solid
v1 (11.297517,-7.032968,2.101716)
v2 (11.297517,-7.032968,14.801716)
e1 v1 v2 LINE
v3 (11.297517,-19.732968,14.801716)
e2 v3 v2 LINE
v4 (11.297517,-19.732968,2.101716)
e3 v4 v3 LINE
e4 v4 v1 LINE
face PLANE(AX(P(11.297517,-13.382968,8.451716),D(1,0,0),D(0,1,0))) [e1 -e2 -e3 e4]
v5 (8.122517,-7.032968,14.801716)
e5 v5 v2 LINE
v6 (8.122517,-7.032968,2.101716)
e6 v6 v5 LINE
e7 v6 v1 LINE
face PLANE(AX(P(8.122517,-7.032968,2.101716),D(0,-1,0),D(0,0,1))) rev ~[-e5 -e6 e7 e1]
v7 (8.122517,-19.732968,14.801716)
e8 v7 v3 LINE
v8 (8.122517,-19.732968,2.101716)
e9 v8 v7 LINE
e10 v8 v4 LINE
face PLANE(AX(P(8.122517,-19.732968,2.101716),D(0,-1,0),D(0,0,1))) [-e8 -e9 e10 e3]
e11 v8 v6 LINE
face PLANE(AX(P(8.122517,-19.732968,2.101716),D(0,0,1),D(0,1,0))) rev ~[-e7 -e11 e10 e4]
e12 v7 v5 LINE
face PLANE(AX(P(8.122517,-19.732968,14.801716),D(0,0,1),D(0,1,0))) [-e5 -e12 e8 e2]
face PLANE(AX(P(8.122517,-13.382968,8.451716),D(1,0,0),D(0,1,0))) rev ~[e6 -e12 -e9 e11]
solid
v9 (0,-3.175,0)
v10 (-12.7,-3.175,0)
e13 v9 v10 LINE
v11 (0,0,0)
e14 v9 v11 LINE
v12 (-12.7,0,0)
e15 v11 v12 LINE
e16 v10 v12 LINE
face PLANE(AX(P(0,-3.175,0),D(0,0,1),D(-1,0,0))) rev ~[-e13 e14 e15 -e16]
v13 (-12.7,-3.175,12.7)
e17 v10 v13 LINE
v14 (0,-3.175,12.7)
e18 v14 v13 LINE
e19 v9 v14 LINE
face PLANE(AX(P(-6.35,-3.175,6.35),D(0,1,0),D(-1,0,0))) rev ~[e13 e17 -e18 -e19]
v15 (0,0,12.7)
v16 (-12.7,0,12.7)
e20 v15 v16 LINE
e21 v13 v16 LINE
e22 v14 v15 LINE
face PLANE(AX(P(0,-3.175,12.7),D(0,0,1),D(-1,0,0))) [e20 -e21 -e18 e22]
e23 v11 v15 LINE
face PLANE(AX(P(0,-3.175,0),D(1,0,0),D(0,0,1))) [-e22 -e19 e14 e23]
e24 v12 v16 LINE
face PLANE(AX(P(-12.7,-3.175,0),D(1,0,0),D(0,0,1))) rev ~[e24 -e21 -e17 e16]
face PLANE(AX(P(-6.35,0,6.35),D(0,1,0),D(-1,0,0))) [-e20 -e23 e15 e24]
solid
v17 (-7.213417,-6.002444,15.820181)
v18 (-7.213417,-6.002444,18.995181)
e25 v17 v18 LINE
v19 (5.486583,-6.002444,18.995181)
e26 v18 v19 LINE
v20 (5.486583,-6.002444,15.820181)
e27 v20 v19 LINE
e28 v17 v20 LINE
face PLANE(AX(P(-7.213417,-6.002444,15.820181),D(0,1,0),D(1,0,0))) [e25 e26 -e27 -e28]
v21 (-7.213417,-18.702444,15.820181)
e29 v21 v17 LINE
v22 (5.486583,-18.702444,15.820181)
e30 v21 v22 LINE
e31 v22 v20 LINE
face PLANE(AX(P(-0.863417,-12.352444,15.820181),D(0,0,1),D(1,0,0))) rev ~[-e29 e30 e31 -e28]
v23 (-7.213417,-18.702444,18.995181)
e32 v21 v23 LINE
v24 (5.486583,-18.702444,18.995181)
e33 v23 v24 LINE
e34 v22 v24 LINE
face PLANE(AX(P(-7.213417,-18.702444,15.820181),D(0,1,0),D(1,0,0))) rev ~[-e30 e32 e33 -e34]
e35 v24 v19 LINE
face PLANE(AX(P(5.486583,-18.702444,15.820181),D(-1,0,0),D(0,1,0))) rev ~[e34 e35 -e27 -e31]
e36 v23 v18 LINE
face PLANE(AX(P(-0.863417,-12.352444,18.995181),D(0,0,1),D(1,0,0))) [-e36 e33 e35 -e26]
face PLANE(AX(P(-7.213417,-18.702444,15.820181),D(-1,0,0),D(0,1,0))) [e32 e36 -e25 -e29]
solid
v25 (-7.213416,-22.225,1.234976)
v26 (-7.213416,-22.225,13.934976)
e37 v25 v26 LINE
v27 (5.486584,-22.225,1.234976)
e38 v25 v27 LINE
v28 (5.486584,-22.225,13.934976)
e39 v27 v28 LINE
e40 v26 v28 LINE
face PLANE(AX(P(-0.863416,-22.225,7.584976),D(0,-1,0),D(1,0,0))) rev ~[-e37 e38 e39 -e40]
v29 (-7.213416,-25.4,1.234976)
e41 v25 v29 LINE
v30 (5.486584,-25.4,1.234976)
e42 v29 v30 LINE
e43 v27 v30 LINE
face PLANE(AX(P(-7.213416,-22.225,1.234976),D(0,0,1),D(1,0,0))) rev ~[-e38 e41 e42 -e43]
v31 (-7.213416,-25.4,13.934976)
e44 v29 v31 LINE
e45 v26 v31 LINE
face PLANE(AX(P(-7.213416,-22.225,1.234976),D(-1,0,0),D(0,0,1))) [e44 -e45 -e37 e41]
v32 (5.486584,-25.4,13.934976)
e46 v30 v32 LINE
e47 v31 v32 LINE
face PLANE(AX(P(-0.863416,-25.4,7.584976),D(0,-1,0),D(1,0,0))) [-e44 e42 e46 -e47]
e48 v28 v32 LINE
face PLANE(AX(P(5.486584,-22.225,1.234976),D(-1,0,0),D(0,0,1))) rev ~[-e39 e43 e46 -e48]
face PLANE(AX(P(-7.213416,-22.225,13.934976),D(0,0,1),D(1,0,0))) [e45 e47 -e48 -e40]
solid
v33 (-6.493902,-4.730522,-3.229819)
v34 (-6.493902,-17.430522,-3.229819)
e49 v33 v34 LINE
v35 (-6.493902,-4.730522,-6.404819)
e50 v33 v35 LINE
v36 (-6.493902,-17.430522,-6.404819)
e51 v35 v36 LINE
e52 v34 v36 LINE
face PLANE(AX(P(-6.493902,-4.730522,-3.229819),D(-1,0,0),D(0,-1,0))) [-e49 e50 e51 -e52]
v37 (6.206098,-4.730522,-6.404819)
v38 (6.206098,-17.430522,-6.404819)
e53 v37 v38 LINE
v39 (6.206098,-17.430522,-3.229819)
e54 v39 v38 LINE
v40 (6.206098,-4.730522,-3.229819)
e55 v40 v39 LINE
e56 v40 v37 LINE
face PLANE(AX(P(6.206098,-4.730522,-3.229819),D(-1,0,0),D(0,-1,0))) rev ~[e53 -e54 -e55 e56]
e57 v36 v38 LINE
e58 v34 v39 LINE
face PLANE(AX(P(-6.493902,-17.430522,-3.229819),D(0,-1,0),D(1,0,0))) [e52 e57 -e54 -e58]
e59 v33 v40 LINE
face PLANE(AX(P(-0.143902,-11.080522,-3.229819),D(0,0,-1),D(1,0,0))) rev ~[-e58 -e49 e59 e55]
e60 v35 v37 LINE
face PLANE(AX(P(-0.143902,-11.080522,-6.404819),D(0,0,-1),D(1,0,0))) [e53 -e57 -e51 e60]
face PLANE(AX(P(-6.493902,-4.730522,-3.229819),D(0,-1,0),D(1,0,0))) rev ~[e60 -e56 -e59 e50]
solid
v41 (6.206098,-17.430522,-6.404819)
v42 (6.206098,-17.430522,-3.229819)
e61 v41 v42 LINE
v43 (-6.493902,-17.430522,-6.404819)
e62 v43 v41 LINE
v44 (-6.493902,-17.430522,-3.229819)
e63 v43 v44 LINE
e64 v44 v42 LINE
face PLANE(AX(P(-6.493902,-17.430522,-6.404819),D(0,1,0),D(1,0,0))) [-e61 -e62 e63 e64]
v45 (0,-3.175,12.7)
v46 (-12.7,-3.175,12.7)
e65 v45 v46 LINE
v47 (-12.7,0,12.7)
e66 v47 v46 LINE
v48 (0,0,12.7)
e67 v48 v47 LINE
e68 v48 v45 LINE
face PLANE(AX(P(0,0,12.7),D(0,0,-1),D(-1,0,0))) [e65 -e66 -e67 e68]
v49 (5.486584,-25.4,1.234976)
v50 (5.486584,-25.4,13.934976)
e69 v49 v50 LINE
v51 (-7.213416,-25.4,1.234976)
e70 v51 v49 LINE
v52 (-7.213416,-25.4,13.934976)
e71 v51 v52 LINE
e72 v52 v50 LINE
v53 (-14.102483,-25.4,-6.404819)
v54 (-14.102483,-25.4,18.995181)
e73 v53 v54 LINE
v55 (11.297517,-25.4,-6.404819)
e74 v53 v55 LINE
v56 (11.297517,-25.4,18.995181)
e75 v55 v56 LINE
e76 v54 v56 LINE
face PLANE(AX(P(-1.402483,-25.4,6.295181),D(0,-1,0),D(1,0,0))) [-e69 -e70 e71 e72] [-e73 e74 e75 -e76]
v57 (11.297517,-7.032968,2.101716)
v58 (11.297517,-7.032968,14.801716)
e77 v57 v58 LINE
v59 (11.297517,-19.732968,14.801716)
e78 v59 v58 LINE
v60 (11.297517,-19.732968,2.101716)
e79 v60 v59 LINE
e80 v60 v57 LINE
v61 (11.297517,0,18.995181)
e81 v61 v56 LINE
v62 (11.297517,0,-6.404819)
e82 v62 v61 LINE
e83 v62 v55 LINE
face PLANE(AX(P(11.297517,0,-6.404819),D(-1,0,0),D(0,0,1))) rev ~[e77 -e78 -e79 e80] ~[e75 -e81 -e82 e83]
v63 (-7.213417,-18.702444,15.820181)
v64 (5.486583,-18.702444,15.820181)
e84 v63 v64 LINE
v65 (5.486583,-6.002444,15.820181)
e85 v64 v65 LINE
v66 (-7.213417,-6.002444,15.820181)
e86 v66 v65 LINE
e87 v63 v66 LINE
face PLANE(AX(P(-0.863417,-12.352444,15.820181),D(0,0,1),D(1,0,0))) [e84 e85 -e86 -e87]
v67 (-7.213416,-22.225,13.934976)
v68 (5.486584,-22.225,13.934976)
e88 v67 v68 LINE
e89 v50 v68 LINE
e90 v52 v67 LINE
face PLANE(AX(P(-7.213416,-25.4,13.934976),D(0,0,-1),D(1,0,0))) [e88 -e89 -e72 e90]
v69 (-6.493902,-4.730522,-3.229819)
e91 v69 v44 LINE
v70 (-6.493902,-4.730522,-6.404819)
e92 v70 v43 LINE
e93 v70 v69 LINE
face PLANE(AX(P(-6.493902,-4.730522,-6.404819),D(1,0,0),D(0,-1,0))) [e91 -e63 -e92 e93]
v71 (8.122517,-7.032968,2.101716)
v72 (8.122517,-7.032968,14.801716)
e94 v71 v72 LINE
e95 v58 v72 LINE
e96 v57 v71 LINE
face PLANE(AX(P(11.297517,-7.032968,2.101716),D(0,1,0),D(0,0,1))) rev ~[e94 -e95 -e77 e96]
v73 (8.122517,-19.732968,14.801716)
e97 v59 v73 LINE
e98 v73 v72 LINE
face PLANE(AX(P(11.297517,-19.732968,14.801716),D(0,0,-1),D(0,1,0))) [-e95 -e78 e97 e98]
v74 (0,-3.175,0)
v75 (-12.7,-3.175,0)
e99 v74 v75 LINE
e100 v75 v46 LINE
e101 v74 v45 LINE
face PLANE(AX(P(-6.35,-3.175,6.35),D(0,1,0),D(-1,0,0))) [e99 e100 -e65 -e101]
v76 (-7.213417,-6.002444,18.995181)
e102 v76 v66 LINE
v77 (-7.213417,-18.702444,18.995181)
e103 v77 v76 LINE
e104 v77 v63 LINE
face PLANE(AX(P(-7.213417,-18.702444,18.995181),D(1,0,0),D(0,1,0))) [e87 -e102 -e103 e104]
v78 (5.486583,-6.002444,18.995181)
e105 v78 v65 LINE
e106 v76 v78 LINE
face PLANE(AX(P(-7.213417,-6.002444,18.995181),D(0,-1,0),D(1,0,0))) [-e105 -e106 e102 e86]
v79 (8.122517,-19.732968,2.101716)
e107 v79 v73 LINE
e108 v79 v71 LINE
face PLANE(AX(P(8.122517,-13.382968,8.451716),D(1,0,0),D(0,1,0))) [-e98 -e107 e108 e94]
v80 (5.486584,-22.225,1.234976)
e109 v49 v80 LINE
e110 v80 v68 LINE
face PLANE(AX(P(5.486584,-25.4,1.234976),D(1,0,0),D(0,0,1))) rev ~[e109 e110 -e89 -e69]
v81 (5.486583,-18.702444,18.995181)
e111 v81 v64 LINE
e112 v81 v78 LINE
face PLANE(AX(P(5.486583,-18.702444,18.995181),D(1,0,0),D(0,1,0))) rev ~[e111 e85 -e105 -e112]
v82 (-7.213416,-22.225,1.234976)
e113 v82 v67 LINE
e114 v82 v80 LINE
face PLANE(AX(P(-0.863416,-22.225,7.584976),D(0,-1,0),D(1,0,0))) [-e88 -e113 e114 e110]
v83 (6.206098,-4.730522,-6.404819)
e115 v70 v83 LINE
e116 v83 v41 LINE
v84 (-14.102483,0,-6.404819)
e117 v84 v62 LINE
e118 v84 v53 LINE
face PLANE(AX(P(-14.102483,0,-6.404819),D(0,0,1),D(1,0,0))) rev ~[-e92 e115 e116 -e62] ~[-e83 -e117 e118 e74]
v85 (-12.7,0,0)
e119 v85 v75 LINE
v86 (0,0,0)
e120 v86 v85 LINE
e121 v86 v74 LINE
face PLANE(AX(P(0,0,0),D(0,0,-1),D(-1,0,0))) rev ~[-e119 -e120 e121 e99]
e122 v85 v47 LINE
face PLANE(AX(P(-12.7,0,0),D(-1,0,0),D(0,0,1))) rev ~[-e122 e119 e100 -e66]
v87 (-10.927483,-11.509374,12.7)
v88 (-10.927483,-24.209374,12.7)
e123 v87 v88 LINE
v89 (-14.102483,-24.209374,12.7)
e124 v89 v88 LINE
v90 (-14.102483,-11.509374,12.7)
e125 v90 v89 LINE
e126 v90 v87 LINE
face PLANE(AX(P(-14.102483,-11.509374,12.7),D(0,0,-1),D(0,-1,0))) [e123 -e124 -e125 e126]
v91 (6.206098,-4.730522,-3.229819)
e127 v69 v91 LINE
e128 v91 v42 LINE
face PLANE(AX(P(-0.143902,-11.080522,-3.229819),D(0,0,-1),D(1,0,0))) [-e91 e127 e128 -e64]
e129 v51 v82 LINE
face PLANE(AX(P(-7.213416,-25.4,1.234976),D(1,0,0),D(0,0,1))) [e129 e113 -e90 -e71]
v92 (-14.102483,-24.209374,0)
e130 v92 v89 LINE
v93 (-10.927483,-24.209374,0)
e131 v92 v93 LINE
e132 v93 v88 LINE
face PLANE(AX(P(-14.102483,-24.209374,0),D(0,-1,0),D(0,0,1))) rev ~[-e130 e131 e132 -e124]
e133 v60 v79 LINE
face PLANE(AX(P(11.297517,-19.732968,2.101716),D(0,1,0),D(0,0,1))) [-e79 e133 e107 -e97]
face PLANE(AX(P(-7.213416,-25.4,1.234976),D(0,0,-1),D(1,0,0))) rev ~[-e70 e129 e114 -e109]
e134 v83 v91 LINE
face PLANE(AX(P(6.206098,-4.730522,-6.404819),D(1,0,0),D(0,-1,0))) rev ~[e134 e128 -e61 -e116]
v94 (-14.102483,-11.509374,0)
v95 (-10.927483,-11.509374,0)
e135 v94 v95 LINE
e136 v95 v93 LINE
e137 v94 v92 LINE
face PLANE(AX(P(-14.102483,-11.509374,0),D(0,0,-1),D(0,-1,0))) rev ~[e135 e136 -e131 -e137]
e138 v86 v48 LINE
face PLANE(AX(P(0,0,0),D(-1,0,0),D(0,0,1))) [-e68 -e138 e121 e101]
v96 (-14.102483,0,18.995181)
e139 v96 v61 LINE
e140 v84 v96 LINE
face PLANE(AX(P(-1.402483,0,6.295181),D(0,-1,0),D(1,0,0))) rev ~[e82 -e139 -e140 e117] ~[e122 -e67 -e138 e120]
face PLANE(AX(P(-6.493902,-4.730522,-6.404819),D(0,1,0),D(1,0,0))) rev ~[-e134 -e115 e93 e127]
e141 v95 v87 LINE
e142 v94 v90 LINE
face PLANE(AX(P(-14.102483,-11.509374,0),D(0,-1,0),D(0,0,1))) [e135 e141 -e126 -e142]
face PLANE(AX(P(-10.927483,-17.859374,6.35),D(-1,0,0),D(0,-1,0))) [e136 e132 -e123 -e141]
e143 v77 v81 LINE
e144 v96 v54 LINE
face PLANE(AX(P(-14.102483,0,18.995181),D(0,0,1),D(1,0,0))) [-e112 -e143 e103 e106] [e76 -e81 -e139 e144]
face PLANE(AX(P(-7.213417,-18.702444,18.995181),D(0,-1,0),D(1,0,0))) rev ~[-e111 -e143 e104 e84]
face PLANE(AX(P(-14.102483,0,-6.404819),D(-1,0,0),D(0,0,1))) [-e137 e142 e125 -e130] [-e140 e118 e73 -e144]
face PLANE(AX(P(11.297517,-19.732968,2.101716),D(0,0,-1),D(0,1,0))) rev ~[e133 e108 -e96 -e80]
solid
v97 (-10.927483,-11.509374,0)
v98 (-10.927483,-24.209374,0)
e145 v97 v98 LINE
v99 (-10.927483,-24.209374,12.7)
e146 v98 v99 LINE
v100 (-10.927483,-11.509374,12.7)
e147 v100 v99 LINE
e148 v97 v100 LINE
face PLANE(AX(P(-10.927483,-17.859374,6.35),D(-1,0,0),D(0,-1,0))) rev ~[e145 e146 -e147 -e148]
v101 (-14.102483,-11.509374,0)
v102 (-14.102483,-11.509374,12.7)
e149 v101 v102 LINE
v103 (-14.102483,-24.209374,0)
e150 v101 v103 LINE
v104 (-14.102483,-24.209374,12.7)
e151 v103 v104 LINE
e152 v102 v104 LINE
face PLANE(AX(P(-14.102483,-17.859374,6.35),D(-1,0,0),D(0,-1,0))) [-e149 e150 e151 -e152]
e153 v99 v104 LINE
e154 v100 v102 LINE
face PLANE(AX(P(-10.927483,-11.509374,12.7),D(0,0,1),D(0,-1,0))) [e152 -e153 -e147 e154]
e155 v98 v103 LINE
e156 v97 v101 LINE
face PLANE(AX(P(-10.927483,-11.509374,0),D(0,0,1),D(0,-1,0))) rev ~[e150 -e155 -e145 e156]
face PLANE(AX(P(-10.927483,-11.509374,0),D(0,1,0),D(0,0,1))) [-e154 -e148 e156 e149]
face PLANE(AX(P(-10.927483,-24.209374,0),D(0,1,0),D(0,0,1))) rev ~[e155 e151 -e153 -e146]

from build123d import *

# Parameters (mm, degrees)
F0_W      = 25.4
F0_H      = 25.4
F1_DEPTH  = 25.4
F2_W      = 12.7
F2_H      = 12.7
F3_DEPTH  = 3.175
F4_W      = 12.7
F4_H      = 12.7000006628
F5_DEPTH  = 3.175
F6_W      = 12.7
F6_H      = 12.7
F7_DEPTH  = 3.175
F8_W      = 12.7
F8_H      = 12.7
F9_DEPTH  = 3.175
F10_W     = 12.7
F10_H     = 12.7
F11_DEPTH = 3.175
F12_W     = 12.7
F12_H     = 12.7
F13_DEPTH = 3.175
F14_W     = 12.7
F14_H     = 12.7
F15_DEPTH = 3.175
F16_W     = 12.7
F16_H     = 12.7
F17_DEPTH = 3.175
F18_W     = 12.7
F18_H     = 12.7
F19_DEPTH = 3.175
F20_W     = 12.7
F20_H     = 12.7
F21_DEPTH = 3.175
F22_W     = 12.7
F22_H     = 12.7
F23_DEPTH = 3.175
F24_W     = 12.7
F24_H     = 12.7000006628
F25_DEPTH = 3.175


with BuildPart() as f1:
    # F0 (on Front) → F1 (new body)
    with BuildSketch(Plane.XZ):
        with Locations((-1.4024831682, 6.2951807261)):
            Rectangle(F0_W, F0_H)
    extrude(amount=F1_DEPTH)

    # F2 (on face) → F3 (cut)
    with BuildSketch(Plane.XZ.offset(25.4)):
        with Locations((-0.8634164697, 7.5849762818)):
            Rectangle(F2_W, F2_H)
    extrude(amount=-F3_DEPTH, mode=Mode.SUBTRACT)

    # F4 (on face) → F5 (cut)
    with BuildSketch(Plane(origin=(0, 0, -6.4048192739), x_dir=(1, 0, 0), z_dir=(0, 0, -1))):
        with Locations((-0.1439023763, 11.0805218574)):
            Rectangle(F4_W, F4_H)
    extrude(amount=-F5_DEPTH, mode=Mode.SUBTRACT)

    # F6 (on face) → F7 (cut)
    with BuildSketch(Plane.YZ.offset(11.2975168318)):
        with Locations((-13.3829680271, 8.4517158097)):
            Rectangle(F6_W, F6_H)
    extrude(amount=-F7_DEPTH, mode=Mode.SUBTRACT)

    # F8 (on face) → F9 (cut)
    with BuildSketch(Plane(origin=(0, 0, 0), x_dir=(-1, 0, 0), z_dir=(0, 1, 0))):
        with Locations((6.35, 6.35)):
            Rectangle(F8_W, F8_H)
    extrude(amount=-F9_DEPTH, mode=Mode.SUBTRACT)

    # F10 (on face) → F11 (cut)
    with BuildSketch(Plane(origin=(-14.1024831682, 0, 0), x_dir=(0, -1, 0), z_dir=(-1, 0, 0))):
        with Locations((17.8593740769, 6.35)):
            Rectangle(F10_W, F10_H)
    extrude(amount=-F11_DEPTH, mode=Mode.SUBTRACT)

    # F12 (on face) → F13 (cut)
    with BuildSketch(Plane.XY.offset(18.9951807261)):
        with Locations((-0.8634165861, -12.3524442453)):
            Rectangle(F12_W, F12_H)
    extrude(amount=-F13_DEPTH, mode=Mode.SUBTRACT)


with BuildPart() as f15:
    # F14 (on face) → F15 (new body)
    with BuildSketch(Plane.XY.offset(15.8201807261)):
        with Locations((-0.8634165861, -12.3524442453)):
            Rectangle(F14_W, F14_H)
    extrude(amount=F15_DEPTH)


with BuildPart() as f17:
    # F16 (on face) → F17 (new body)
    with BuildSketch(Plane.YZ.offset(8.1225168318)):
        with Locations((-13.3829680271, 8.4517158097)):
            Rectangle(F16_W, F16_H)
    extrude(amount=F17_DEPTH)


with BuildPart() as f19:
    # F18 (on face) → F19 (new body)
    with BuildSketch(Plane(origin=(0, -3.175, 0), x_dir=(-1, 0, 0), z_dir=(0, 1, 0))):
        with Locations((6.35, 6.35)):
            Rectangle(F18_W, F18_H)
    extrude(amount=F19_DEPTH)


with BuildPart() as f21:
    # F20 (on face) → F21 (new body)
    with BuildSketch(Plane(origin=(-10.9274831682, 0, 0), x_dir=(0, -1, 0), z_dir=(-1, 0, 0))):
        with Locations((17.8593740769, 6.35)):
            Rectangle(F20_W, F20_H)
    extrude(amount=F21_DEPTH)


with BuildPart() as f23:
    # F22 (on face) → F23 (new body)
    with BuildSketch(Plane.XZ.offset(22.225)):
        with Locations((-0.8634164697, 7.5849762818)):
            Rectangle(F22_W, F22_H)
    extrude(amount=F23_DEPTH)


with BuildPart() as f25:
    # F24 (on face) → F25 (new body)
    with BuildSketch(Plane(origin=(0, 0, -3.2298192739), x_dir=(1, 0, 0), z_dir=(0, 0, -1))):
        with Locations((-0.1439023763, 11.0805218574)):
            Rectangle(F24_W, F24_H)
    extrude(amount=F25_DEPTH)


solid = Compound([f1.part, f15.part, f17.part, f19.part, f21.part, f23.part, f25.part])
